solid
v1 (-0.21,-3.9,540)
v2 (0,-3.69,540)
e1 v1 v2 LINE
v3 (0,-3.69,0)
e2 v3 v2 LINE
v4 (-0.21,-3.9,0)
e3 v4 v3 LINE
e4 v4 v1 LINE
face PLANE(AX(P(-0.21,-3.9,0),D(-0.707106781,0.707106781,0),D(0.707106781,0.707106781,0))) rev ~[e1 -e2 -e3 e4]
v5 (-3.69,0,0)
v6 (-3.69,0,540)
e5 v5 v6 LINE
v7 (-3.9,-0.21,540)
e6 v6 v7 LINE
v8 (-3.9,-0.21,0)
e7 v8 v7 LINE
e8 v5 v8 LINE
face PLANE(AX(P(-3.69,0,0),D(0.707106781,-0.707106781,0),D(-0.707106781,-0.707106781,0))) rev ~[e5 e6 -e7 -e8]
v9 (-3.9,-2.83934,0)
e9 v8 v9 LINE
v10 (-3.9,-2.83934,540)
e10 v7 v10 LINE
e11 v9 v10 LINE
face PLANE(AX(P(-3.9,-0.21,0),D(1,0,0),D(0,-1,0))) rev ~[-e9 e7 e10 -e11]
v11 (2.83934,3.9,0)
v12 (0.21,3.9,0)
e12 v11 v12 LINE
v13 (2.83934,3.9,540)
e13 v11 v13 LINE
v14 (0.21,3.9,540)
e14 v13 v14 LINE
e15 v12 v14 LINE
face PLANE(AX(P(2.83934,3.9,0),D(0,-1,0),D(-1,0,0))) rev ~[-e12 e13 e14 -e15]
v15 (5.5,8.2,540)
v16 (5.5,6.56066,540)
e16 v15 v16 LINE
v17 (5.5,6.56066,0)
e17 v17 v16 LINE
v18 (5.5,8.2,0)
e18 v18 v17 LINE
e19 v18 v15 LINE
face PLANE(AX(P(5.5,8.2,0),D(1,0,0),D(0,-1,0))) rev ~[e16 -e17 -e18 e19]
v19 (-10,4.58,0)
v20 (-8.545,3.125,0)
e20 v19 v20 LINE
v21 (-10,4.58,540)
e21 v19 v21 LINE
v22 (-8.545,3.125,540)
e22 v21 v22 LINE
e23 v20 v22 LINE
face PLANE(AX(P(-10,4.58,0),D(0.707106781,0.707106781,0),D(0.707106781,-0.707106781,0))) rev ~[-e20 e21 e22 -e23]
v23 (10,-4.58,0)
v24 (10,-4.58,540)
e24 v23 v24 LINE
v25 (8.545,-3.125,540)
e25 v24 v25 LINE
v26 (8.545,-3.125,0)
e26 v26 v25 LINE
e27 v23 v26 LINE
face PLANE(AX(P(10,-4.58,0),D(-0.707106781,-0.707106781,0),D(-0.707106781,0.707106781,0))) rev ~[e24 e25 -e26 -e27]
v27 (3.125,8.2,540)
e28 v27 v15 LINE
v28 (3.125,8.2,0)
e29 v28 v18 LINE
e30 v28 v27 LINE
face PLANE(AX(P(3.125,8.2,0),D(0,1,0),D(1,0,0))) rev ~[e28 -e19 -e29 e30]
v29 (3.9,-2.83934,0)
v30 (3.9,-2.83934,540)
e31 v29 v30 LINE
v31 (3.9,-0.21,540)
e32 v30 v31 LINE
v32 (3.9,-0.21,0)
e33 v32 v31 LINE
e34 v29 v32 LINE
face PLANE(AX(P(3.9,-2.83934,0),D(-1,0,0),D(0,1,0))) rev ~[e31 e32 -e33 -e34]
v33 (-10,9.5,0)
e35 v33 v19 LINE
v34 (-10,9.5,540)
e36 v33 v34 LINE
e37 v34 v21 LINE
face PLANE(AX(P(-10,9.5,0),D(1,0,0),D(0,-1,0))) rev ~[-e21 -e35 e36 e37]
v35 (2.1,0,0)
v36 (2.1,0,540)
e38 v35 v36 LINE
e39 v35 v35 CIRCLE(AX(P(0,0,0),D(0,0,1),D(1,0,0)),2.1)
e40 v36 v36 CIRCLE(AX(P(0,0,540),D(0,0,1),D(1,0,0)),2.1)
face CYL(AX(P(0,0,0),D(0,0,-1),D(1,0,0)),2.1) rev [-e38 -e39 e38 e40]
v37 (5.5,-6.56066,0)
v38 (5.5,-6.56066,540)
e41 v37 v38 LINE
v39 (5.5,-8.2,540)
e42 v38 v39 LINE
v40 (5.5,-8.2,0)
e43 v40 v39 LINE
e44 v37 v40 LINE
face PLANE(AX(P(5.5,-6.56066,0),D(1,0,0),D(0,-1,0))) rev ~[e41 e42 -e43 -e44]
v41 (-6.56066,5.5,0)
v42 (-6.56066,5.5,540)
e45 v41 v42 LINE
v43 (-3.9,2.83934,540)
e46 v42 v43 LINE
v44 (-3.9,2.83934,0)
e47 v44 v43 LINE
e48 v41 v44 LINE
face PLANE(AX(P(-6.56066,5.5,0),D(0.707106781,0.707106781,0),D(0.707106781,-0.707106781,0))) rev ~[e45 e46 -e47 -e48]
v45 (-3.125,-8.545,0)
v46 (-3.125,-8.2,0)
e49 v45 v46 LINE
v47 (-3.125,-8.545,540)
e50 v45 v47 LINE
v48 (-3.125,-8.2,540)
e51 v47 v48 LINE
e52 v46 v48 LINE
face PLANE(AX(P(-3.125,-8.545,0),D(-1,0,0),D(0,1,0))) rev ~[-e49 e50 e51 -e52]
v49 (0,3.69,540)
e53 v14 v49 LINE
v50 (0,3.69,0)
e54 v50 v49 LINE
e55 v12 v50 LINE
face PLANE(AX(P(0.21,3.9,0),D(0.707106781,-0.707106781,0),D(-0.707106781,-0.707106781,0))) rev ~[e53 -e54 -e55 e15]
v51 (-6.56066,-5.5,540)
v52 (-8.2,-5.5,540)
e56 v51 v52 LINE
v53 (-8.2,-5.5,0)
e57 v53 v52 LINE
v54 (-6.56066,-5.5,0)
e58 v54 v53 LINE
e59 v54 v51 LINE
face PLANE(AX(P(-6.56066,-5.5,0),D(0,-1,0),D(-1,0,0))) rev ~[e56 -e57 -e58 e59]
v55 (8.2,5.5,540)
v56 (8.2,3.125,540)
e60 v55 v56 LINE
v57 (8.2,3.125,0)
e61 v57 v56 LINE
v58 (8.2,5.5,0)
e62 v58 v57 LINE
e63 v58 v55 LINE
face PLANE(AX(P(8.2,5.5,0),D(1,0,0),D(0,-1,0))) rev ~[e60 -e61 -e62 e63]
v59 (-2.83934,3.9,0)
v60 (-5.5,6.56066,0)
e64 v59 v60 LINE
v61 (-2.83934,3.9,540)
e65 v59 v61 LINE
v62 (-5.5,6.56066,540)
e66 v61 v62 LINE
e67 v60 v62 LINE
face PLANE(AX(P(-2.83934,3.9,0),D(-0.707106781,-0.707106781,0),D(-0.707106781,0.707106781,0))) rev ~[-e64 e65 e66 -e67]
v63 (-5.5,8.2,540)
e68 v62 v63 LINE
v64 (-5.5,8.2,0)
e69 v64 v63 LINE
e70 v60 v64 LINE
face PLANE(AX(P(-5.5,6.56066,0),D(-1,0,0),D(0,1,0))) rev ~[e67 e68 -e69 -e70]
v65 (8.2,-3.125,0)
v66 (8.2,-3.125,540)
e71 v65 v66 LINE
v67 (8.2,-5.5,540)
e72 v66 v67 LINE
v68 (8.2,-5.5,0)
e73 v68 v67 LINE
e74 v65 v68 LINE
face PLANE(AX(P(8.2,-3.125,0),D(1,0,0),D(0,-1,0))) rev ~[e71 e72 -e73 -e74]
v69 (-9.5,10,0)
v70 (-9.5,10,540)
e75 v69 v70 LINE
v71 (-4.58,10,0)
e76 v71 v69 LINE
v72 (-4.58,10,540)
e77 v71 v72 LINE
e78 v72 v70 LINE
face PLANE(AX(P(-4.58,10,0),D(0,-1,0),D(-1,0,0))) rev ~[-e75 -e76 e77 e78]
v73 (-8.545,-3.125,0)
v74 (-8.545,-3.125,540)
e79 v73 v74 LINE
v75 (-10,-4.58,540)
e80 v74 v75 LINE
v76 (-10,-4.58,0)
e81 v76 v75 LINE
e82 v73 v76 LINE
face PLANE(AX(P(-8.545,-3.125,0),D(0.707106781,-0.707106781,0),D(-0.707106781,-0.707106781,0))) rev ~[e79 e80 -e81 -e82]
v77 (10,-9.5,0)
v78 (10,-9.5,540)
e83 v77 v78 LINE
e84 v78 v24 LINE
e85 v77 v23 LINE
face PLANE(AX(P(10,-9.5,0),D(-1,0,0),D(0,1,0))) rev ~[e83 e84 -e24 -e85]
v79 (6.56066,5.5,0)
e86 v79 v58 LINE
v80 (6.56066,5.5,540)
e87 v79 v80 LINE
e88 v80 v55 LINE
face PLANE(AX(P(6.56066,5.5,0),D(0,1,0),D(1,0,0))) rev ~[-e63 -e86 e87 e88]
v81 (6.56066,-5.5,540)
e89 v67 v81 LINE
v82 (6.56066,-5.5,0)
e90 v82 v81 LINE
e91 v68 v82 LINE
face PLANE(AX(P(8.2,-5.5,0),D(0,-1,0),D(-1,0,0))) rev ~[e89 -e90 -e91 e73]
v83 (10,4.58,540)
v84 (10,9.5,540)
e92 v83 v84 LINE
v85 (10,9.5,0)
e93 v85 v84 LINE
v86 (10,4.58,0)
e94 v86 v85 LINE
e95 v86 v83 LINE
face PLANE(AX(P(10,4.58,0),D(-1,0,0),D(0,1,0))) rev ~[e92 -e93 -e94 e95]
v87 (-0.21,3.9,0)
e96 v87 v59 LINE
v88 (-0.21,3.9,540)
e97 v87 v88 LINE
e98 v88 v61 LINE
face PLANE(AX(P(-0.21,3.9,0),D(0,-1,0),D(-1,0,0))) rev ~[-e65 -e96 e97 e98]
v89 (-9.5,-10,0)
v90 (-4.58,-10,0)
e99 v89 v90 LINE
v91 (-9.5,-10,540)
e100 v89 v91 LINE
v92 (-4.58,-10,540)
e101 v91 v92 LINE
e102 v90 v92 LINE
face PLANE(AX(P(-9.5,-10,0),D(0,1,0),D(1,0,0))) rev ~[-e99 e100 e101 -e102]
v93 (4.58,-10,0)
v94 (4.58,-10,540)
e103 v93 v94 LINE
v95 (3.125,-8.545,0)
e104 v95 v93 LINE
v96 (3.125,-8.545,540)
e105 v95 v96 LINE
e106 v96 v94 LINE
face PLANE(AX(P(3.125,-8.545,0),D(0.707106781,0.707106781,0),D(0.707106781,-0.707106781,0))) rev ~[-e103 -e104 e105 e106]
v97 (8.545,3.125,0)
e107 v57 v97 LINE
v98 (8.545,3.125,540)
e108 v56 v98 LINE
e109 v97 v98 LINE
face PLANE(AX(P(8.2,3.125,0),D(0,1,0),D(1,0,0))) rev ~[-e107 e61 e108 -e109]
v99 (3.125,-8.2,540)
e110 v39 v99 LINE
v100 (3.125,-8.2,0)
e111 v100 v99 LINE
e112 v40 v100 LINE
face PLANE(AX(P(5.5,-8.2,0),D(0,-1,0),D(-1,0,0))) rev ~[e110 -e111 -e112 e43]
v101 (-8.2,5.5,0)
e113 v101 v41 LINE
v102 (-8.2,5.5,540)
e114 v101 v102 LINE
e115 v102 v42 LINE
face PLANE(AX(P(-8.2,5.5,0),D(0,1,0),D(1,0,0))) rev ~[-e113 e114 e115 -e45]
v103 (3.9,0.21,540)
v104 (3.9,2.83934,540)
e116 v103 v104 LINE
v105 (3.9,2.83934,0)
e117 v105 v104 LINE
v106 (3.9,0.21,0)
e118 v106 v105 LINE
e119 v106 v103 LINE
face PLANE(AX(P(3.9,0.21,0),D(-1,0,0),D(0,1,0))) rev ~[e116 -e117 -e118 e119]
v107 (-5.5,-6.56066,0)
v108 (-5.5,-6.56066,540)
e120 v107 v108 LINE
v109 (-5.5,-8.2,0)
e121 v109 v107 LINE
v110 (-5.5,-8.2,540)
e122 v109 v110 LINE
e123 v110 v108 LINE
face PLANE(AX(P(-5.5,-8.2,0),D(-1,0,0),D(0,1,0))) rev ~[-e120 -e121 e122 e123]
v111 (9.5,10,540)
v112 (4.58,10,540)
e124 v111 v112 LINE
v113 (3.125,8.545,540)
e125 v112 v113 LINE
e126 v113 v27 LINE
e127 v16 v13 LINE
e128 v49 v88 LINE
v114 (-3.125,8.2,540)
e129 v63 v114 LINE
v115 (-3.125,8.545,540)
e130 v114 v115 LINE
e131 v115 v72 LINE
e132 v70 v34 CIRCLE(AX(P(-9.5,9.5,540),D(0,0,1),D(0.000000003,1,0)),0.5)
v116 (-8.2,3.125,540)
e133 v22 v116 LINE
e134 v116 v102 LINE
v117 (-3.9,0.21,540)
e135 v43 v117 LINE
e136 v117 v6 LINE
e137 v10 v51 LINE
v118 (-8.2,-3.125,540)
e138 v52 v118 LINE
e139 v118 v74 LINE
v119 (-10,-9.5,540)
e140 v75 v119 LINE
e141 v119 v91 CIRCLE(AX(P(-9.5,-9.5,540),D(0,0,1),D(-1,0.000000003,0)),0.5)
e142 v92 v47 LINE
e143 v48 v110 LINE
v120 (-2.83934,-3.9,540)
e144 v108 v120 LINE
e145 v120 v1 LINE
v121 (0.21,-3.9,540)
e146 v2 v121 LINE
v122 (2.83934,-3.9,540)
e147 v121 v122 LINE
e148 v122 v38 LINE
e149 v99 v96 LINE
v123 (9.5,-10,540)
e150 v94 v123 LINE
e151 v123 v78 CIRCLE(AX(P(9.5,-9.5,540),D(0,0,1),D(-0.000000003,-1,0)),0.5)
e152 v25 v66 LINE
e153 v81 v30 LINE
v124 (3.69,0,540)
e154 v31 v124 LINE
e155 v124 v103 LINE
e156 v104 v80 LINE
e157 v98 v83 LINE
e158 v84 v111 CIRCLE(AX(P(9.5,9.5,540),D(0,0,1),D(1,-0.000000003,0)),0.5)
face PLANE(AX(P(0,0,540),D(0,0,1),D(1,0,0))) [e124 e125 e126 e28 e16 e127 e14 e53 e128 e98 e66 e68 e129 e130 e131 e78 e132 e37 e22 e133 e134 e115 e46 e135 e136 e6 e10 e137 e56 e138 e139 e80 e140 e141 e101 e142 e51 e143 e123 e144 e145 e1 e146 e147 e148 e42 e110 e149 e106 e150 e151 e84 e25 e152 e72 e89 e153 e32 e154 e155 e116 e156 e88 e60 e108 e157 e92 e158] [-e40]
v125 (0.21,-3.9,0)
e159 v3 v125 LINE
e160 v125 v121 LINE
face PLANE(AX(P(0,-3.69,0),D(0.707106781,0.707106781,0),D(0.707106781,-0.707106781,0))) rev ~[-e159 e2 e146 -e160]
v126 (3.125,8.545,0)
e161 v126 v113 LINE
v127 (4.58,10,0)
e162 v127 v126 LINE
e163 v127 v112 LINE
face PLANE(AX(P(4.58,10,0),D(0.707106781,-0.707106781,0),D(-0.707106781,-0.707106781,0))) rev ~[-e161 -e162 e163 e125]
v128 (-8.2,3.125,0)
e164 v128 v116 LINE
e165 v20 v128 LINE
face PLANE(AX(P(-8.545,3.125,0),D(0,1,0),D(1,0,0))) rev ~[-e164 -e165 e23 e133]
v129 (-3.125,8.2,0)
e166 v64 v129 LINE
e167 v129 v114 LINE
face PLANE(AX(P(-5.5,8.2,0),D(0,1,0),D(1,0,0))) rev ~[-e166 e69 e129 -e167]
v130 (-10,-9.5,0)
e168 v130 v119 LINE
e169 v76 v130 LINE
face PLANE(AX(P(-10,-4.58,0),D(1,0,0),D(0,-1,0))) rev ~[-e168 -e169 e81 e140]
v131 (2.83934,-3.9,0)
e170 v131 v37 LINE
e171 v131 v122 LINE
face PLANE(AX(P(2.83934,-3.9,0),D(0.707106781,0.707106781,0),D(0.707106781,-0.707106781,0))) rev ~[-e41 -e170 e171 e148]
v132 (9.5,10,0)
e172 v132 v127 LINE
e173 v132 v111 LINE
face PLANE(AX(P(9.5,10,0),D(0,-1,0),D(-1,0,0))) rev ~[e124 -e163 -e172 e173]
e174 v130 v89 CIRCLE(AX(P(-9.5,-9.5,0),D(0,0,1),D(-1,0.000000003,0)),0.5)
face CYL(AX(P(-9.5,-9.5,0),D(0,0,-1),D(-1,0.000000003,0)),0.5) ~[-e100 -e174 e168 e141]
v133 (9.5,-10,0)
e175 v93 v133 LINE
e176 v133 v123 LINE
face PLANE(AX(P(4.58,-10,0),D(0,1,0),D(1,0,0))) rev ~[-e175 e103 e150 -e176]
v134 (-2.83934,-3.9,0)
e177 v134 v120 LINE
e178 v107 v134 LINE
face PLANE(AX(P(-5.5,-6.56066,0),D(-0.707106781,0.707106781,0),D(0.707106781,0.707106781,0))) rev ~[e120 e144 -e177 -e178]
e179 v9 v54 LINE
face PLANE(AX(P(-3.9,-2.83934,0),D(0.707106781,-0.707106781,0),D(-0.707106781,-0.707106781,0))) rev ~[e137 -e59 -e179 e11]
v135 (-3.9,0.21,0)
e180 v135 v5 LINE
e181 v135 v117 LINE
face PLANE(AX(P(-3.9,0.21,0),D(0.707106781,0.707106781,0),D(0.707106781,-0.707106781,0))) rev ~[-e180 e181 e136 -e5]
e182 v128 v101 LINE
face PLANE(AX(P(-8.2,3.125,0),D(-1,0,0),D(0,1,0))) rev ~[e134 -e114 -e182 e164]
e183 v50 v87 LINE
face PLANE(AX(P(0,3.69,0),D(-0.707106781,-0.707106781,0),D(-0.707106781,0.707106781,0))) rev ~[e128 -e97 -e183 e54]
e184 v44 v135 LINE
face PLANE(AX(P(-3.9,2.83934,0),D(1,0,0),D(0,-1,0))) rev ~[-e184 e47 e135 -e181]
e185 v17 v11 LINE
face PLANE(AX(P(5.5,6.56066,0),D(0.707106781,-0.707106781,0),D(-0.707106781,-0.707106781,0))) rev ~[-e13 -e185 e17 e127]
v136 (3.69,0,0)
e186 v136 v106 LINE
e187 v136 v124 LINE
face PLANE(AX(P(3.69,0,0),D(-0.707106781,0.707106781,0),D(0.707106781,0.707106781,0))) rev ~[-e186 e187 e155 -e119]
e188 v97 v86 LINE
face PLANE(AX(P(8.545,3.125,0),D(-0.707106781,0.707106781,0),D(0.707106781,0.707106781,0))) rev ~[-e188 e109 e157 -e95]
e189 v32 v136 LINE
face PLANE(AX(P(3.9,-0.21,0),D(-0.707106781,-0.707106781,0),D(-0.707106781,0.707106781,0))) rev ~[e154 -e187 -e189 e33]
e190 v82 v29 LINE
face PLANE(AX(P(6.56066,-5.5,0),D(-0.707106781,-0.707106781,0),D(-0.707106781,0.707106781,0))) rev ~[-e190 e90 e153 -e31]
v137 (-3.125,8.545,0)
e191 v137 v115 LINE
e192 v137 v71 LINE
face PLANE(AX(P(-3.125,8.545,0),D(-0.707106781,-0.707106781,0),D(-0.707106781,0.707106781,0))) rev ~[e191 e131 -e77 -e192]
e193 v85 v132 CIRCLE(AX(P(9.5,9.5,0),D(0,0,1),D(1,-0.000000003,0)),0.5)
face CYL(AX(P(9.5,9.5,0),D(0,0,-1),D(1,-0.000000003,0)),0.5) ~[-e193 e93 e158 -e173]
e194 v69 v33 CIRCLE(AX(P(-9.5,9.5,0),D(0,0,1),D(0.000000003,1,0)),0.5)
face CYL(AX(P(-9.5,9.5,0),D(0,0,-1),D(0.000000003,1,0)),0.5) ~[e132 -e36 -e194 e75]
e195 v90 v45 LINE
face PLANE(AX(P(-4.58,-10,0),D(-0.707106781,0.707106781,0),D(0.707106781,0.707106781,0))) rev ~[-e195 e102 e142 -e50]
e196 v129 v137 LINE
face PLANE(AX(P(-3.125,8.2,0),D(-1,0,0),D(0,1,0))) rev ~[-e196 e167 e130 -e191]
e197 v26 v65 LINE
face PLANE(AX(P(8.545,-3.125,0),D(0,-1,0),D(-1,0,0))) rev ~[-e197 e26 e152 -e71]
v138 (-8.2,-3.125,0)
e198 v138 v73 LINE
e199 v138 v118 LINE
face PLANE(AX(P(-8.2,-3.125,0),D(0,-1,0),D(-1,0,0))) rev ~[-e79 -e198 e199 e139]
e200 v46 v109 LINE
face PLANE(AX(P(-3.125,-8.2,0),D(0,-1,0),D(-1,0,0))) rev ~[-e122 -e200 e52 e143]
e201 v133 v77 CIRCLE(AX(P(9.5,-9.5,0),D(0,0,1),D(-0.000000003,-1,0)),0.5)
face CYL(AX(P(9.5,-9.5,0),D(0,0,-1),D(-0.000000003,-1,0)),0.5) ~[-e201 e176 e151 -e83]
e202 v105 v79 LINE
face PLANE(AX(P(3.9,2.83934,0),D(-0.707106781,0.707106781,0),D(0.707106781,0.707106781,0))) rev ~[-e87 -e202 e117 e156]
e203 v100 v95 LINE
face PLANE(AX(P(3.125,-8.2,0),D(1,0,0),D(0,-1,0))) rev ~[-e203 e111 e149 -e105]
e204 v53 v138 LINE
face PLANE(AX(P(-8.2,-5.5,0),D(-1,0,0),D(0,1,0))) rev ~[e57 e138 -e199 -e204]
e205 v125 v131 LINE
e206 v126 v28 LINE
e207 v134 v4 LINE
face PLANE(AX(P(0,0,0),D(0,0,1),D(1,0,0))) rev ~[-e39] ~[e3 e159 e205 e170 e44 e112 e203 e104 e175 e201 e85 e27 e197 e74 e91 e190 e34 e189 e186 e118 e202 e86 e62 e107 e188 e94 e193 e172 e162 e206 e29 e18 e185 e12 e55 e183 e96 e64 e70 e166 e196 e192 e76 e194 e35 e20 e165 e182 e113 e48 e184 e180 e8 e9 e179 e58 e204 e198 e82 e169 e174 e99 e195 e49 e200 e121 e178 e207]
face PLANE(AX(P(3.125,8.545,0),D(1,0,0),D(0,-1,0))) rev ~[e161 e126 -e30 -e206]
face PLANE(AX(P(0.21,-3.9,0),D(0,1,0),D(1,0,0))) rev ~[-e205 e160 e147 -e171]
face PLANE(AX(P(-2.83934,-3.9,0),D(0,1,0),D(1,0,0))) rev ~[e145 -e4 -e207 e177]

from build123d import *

# Parameters (mm, degrees)
SKETCH1_R           = 2.1
BOSS_EXTRUDE1_DEPTH = 540


with BuildPart() as part:
    # Sketch1 → Boss-Extrude1 (new body)
    with BuildSketch(Plane.XY):
        with BuildLine():
            Line((4.58, -10), (9.5, -10))
            ThreePointArc((9.5, -10), (9.853553391, -9.853553391), (10, -9.5))
            Line((10, -9.5), (10, -4.58))
            Line((10, -4.58), (8.545, -3.125))
            Line((8.545, -3.125), (8.2, -3.125))
            Line((8.2, -3.125), (8.2, -5.5))
            Line((8.2, -5.5), (6.560660172, -5.5))
            Line((6.560660172, -5.5), (3.9, -2.839339828))
            Line((3.9, -2.839339828), (3.9, -0.21))
            Line((3.9, -0.21), (3.69, 0))
            Line((3.69, 0), (3.9, 0.21))
            Line((3.9, 0.21), (3.9, 2.839339828))
            Line((3.9, 2.839339828), (6.560660172, 5.5))
            Line((6.560660172, 5.5), (8.2, 5.5))
            Line((8.2, 5.5), (8.2, 3.125))
            Line((8.2, 3.125), (8.545, 3.125))
            Line((8.545, 3.125), (10, 4.58))
            Line((10, 4.58), (10, 9.5))
            ThreePointArc((10, 9.5), (9.853553391, 9.853553391), (9.5, 10))
            Line((9.5, 10), (4.58, 10))
            Line((4.58, 10), (3.125, 8.545))
            Line((3.125, 8.545), (3.125, 8.2))
            Line((3.125, 8.2), (5.5, 8.2))
            Line((5.5, 8.2), (5.5, 6.560660172))
            Line((5.5, 6.560660172), (2.839339828, 3.9))
            Line((2.839339828, 3.9), (0.21, 3.9))
            Line((0.21, 3.9), (0, 3.69))
            Line((0, 3.69), (-0.21, 3.9))
            Line((-0.21, 3.9), (-2.839339828, 3.9))
            Line((-2.839339828, 3.9), (-5.5, 6.560660172))
            Line((-5.5, 6.560660172), (-5.5, 8.2))
            Line((-5.5, 8.2), (-3.125, 8.2))
            Line((-3.125, 8.2), (-3.125, 8.545))
            Line((-3.125, 8.545), (-4.58, 10))
            Line((-4.58, 10), (-9.5, 10))
            ThreePointArc((-9.5, 10), (-9.853553391, 9.853553391), (-10, 9.5))
            Line((-10, 9.5), (-10, 4.58))
            Line((-10, 4.58), (-8.545, 3.125))
            Line((-8.545, 3.125), (-8.2, 3.125))
            Line((-8.2, 3.125), (-8.2, 5.5))
            Line((-8.2, 5.5), (-6.560660172, 5.5))
            Line((-6.560660172, 5.5), (-3.9, 2.839339828))
            Line((-3.9, 2.839339828), (-3.9, 0.21))
            Line((-3.9, 0.21), (-3.69, 0))
            Line((-3.69, 0), (-3.9, -0.21))
            Line((-3.9, -0.21), (-3.9, -2.839339828))
            Line((-3.9, -2.839339828), (-6.560660172, -5.5))
            Line((-6.560660172, -5.5), (-8.2, -5.5))
            Line((-8.2, -5.5), (-8.2, -3.125))
            Line((-8.2, -3.125), (-8.545, -3.125))
            Line((-8.545, -3.125), (-10, -4.58))
            Line((-10, -4.58), (-10, -9.5))
            ThreePointArc((-10, -9.5), (-9.853553391, -9.853553391), (-9.5, -10))
            Line((-9.5, -10), (-4.58, -10))
            Line((-4.58, -10), (-3.125, -8.545))
            Line((-3.125, -8.545), (-3.125, -8.2))
            Line((-3.125, -8.2), (-5.5, -8.2))
            Line((-5.5, -8.2), (-5.5, -6.560660172))
            Line((-5.5, -6.560660172), (-2.839339828, -3.9))
            Line((-2.839339828, -3.9), (-0.21, -3.9))
            Line((-0.21, -3.9), (0, -3.69))
            Line((0, -3.69), (0.21, -3.9))
            Line((0.21, -3.9), (2.839339828, -3.9))
            Line((2.839339828, -3.9), (5.5, -6.560660172))
            Line((5.5, -6.560660172), (5.5, -8.2))
            Line((5.5, -8.2), (3.125, -8.2))
            Line((3.125, -8.2), (3.125, -8.545))
            Line((3.125, -8.545), (4.58, -10))
        make_face()
        Circle(SKETCH1_R, mode=Mode.SUBTRACT)
    extrude(amount=BOSS_EXTRUDE1_DEPTH)


solid = part.part
